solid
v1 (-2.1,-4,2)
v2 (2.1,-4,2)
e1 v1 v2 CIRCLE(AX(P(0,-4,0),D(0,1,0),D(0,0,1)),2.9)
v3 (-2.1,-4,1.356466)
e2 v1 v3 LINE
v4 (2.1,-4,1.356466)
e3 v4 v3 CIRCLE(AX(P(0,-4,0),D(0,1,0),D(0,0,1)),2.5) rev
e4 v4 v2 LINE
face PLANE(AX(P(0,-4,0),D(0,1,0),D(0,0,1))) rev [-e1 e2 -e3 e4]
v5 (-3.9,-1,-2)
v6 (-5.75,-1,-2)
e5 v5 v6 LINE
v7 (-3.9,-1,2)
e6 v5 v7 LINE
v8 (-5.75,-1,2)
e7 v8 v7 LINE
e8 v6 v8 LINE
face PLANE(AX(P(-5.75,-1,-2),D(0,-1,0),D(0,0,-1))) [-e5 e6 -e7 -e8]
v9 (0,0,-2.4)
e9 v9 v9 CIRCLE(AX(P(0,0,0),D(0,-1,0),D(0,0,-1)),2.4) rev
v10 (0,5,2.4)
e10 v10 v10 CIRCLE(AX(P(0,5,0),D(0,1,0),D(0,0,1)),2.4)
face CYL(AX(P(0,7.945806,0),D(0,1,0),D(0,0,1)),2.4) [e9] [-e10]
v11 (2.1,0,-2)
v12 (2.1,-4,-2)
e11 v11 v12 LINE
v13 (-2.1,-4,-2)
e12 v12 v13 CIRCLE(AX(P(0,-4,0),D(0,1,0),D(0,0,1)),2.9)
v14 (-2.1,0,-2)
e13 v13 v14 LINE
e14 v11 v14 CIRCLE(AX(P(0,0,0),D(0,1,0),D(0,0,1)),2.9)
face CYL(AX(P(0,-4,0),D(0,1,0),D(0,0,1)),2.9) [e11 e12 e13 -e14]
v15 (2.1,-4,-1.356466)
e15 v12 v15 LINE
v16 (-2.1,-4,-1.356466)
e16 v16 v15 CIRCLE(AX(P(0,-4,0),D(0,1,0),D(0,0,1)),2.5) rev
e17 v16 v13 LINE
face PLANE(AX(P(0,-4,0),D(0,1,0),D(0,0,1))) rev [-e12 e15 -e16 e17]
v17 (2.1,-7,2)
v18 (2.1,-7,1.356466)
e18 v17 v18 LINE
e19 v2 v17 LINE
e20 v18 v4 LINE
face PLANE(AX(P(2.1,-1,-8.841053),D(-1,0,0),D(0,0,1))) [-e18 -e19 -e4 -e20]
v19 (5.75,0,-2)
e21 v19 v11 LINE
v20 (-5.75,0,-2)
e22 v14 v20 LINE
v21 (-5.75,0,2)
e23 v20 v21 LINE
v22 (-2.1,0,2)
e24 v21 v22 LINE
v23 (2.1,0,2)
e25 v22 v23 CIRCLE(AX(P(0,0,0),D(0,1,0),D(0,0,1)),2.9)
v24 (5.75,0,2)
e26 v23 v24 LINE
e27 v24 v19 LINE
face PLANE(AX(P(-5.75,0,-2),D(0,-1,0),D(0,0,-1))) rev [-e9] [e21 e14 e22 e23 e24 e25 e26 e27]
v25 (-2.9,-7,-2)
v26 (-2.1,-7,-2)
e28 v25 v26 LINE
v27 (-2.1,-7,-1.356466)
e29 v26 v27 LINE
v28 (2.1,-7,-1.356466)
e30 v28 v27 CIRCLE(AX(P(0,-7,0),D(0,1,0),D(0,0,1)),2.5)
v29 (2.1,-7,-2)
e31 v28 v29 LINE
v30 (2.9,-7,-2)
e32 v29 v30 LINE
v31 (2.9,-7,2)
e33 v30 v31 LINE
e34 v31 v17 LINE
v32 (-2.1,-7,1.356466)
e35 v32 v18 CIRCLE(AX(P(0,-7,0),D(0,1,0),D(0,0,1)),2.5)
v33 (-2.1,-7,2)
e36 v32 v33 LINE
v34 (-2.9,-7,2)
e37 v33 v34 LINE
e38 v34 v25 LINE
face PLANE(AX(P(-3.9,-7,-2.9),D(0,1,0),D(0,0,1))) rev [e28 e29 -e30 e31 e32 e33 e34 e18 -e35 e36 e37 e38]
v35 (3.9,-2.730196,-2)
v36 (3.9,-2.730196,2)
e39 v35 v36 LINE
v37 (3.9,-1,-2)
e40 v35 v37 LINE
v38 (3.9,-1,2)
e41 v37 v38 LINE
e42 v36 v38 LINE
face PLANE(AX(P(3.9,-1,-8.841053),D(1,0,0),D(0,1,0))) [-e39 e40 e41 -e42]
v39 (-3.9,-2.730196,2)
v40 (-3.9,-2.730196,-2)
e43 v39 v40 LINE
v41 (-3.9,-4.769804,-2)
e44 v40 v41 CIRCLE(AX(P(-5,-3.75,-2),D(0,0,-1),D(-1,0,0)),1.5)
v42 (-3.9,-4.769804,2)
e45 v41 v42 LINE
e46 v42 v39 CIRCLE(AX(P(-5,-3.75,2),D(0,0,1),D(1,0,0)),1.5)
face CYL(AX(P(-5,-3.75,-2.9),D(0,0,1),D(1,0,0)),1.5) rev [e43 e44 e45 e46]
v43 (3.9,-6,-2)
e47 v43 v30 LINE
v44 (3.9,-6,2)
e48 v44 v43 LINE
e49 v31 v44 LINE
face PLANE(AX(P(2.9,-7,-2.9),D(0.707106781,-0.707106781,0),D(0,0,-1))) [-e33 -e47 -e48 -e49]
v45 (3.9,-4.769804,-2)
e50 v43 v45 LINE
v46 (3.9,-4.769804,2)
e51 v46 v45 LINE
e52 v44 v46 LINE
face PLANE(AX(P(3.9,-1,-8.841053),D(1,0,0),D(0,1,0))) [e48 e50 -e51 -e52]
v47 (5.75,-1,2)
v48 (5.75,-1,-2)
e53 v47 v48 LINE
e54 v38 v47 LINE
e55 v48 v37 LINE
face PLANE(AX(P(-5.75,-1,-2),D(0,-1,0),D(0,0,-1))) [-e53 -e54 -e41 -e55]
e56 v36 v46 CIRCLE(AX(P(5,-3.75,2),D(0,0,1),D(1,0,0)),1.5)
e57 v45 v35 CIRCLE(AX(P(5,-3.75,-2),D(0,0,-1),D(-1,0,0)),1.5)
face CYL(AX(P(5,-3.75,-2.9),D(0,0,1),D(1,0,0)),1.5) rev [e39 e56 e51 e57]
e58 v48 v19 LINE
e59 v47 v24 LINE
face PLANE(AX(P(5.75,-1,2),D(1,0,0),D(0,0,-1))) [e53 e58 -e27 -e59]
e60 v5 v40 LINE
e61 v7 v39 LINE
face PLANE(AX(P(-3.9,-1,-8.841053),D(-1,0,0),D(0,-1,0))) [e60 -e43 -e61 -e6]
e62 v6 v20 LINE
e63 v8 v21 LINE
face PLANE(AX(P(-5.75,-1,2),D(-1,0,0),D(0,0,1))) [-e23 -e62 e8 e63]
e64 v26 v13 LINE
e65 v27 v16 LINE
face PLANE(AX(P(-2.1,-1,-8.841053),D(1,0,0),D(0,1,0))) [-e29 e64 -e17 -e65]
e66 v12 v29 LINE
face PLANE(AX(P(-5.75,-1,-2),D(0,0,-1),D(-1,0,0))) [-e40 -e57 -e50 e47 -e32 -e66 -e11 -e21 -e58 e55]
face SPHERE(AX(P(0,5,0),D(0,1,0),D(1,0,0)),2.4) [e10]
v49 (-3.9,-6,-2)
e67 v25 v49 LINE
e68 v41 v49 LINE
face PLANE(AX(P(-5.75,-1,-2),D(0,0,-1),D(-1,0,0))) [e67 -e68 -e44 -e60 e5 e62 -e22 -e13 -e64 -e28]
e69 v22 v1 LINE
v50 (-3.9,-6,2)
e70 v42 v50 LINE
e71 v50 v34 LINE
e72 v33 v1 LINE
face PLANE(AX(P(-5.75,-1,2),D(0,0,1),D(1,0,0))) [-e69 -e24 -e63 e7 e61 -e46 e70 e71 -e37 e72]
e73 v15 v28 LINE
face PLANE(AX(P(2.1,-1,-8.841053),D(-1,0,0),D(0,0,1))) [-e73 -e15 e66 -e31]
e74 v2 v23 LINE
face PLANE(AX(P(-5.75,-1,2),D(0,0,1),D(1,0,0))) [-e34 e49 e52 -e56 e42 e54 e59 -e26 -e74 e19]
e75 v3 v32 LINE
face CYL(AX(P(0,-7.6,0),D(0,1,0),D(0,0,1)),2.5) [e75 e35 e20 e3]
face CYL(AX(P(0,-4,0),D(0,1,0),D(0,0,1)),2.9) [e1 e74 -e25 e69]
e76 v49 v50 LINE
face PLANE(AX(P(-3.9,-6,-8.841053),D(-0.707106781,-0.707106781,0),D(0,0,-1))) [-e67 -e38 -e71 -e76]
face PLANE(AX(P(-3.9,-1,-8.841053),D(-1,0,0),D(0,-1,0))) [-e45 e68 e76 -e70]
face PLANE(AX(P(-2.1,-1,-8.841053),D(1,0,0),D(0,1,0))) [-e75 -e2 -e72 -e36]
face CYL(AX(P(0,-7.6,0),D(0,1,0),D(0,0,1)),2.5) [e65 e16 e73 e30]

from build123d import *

# Parameters (mm, degrees)
SKETCH_1_W                  = 11.5
SKETCH_1_H                  = 4
EXTRUDE_1_DEPTH             = 1
SKETCH_2_R                  = 2.9
EXTRUDE_2_DEPTH             = 4
SKETCH_4_R                  = 2.5
EXTRUDE_3_DEPTH             = 3.6
EXTRUDE_4_REACH             = 11.962
SKETCH_5_W                  = 1.8
SKETCH_5_H                  = 6.6
EXTRUDE_4_DIRECTION_2_REACH = 11.962
CUT_EXTRUDE_1_DEPTH         = 10.961551084
CUT_EXTRUDE_1_DEPTH_BACK    = 10.961551084
SKETCH_6_R                  = 1.5
CUT_EXTRUDE_2_DEPTH         = 10.961551084
CUT_EXTRUDE_2_DEPTH_BACK    = 10.961551084
SKETCH_7_W                  = 7.8
SKETCH_7_H                  = 0.6
CHAMFER_1_SIZE              = 1


with BuildPart() as part:
    # 草图1 → 凸台-拉伸1 (new body)
    with BuildSketch(Plane(origin=(0, 0, 0), x_dir=(1, 0, 0), z_dir=(0, 1, 0))):
        Rectangle(SKETCH_1_W, SKETCH_1_H)
    extrude(amount=-EXTRUDE_1_DEPTH)

    # 草图2 → 凸台-拉伸2 (add)
    with BuildSketch(Plane(origin=(0, 0, 0), x_dir=(-1, 0, 0), z_dir=(0, 1, 0))):
        with Locations(Location((0, 0, 0), (0, 0, 90))):
            Circle(SKETCH_2_R)
    extrude(amount=-EXTRUDE_2_DEPTH)

    # 草图3 → 旋转1 (revolve)
    with BuildSketch(Plane.XY, mode=Mode.PRIVATE) as revolve_1_sk:
        with BuildLine():
            Line((0, 0), (2.4, 0))
            Line((2.4, 0), (2.4, 5))
            ThreePointArc((2.4, 5), (1.697056275, 6.697056275), (0, 7.4))
            Line((0, 7.4), (0, 0))
        make_face()
    revolve(revolve_1_sk.sketch.rotate(Axis((0, 7.945806113, 0), (0, -1, 0)), 90), axis=Axis((0, 7.945806113, 0), (0, -1, 0)))

    # 草图4 → 凸台-拉伸3 (add)
    with BuildSketch(Plane.XZ.offset(4)):
        with Locations(Location((0, 0, 0), (0, 0, 90))):
            Circle(SKETCH_4_R)
    extrude(amount=EXTRUDE_3_DEPTH)

    # 凸台-拉伸4: up to this face of the body (flat: up to its plane)
    extrude_4_end = Plane(part.part.faces().sort_by_distance((3.925, -0.5, -2))[0])
    # 草图5 → 凸台-拉伸4 (add, up to the picked face)
    with BuildSketch(Plane.XY, mode=Mode.PRIVATE) as extrude_4_sk1:
        with Locations((-3, -4.3)):
            Rectangle(SKETCH_5_W, SKETCH_5_H)
    extrude_4_tool1 = split(extrude(extrude_4_sk1.sketch, amount=-EXTRUDE_4_REACH, mode=Mode.PRIVATE), bisect_by=extrude_4_end, keep=Keep.BOTH, mode=Mode.PRIVATE)
    # 草图5 → 凸台-拉伸4 (add, up to the picked face)
    with BuildSketch(Plane.XY, mode=Mode.PRIVATE) as extrude_4_sk2:
        with Locations((3, -4.3)):
            Rectangle(SKETCH_5_W, SKETCH_5_H)
    extrude_4_tool2 = split(extrude(extrude_4_sk2.sketch, amount=-EXTRUDE_4_REACH, mode=Mode.PRIVATE), bisect_by=extrude_4_end, keep=Keep.BOTH, mode=Mode.PRIVATE)
    add(extrude_4_tool1.solids().sort_by(Axis((-3, -4.3, 0), (0, 0, -1)))[0])
    add(extrude_4_tool2.solids().sort_by(Axis((3, -4.3, 0), (0, 0, -1)))[0])

    # 凸台-拉伸4 direction 2: up to this face of the body (flat: up to its plane)
    extrude_4_direction_2_end = Plane(part.part.faces().sort_by_distance((3.925, -0.5, 2))[0])
    # 草图5 → 凸台-拉伸4 direction 2 (add, up to the picked face)
    with BuildSketch(Plane.XY, mode=Mode.PRIVATE) as extrude_4_direction_2_sk1:
        with Locations((-3, -4.3)):
            Rectangle(SKETCH_5_W, SKETCH_5_H)
    extrude_4_direction_2_tool1 = split(extrude(extrude_4_direction_2_sk1.sketch, amount=EXTRUDE_4_DIRECTION_2_REACH, mode=Mode.PRIVATE), bisect_by=extrude_4_direction_2_end, keep=Keep.BOTH, mode=Mode.PRIVATE)
    # 草图5 → 凸台-拉伸4 direction 2 (add, up to the picked face)
    with BuildSketch(Plane.XY, mode=Mode.PRIVATE) as extrude_4_direction_2_sk2:
        with Locations((3, -4.3)):
            Rectangle(SKETCH_5_W, SKETCH_5_H)
    extrude_4_direction_2_tool2 = split(extrude(extrude_4_direction_2_sk2.sketch, amount=EXTRUDE_4_DIRECTION_2_REACH, mode=Mode.PRIVATE), bisect_by=extrude_4_direction_2_end, keep=Keep.BOTH, mode=Mode.PRIVATE)
    add(extrude_4_direction_2_tool1.solids().sort_by(Axis((-3, -4.3, 0), (0, 0, 1)))[0])
    add(extrude_4_direction_2_tool2.solids().sort_by(Axis((3, -4.3, 0), (0, 0, 1)))[0])

    # 草图6 → 切除-拉伸1 (cut, two sides: drawn at the far end of the back side and taken through both)
    with BuildSketch(Plane.XY.offset(-CUT_EXTRUDE_1_DEPTH_BACK)):
        with Locations((-5, -3.75)):
            Circle(SKETCH_6_R)
        with Locations((5, -3.75)):
            Circle(SKETCH_6_R)
    extrude(amount=CUT_EXTRUDE_1_DEPTH + CUT_EXTRUDE_1_DEPTH_BACK, mode=Mode.SUBTRACT)

    # 草图7 → 切除-拉伸2 (cut, two sides: drawn at the far end of the back side and taken through both)
    with BuildSketch(Plane.XY.offset(-CUT_EXTRUDE_2_DEPTH_BACK)):
        with Locations((0, -7.3)):
            Rectangle(SKETCH_7_W, SKETCH_7_H)
    extrude(amount=CUT_EXTRUDE_2_DEPTH + CUT_EXTRUDE_2_DEPTH_BACK, mode=Mode.SUBTRACT)

    # 倒角1
    chamfer_1_edges = [part.edges().sort_by_distance(p)[0] for p in [
        (-3.9, -7, 0),
        (3.9, -7, 0),
    ]]
    chamfer(chamfer_1_edges, length=CHAMFER_1_SIZE)


solid = part.part
